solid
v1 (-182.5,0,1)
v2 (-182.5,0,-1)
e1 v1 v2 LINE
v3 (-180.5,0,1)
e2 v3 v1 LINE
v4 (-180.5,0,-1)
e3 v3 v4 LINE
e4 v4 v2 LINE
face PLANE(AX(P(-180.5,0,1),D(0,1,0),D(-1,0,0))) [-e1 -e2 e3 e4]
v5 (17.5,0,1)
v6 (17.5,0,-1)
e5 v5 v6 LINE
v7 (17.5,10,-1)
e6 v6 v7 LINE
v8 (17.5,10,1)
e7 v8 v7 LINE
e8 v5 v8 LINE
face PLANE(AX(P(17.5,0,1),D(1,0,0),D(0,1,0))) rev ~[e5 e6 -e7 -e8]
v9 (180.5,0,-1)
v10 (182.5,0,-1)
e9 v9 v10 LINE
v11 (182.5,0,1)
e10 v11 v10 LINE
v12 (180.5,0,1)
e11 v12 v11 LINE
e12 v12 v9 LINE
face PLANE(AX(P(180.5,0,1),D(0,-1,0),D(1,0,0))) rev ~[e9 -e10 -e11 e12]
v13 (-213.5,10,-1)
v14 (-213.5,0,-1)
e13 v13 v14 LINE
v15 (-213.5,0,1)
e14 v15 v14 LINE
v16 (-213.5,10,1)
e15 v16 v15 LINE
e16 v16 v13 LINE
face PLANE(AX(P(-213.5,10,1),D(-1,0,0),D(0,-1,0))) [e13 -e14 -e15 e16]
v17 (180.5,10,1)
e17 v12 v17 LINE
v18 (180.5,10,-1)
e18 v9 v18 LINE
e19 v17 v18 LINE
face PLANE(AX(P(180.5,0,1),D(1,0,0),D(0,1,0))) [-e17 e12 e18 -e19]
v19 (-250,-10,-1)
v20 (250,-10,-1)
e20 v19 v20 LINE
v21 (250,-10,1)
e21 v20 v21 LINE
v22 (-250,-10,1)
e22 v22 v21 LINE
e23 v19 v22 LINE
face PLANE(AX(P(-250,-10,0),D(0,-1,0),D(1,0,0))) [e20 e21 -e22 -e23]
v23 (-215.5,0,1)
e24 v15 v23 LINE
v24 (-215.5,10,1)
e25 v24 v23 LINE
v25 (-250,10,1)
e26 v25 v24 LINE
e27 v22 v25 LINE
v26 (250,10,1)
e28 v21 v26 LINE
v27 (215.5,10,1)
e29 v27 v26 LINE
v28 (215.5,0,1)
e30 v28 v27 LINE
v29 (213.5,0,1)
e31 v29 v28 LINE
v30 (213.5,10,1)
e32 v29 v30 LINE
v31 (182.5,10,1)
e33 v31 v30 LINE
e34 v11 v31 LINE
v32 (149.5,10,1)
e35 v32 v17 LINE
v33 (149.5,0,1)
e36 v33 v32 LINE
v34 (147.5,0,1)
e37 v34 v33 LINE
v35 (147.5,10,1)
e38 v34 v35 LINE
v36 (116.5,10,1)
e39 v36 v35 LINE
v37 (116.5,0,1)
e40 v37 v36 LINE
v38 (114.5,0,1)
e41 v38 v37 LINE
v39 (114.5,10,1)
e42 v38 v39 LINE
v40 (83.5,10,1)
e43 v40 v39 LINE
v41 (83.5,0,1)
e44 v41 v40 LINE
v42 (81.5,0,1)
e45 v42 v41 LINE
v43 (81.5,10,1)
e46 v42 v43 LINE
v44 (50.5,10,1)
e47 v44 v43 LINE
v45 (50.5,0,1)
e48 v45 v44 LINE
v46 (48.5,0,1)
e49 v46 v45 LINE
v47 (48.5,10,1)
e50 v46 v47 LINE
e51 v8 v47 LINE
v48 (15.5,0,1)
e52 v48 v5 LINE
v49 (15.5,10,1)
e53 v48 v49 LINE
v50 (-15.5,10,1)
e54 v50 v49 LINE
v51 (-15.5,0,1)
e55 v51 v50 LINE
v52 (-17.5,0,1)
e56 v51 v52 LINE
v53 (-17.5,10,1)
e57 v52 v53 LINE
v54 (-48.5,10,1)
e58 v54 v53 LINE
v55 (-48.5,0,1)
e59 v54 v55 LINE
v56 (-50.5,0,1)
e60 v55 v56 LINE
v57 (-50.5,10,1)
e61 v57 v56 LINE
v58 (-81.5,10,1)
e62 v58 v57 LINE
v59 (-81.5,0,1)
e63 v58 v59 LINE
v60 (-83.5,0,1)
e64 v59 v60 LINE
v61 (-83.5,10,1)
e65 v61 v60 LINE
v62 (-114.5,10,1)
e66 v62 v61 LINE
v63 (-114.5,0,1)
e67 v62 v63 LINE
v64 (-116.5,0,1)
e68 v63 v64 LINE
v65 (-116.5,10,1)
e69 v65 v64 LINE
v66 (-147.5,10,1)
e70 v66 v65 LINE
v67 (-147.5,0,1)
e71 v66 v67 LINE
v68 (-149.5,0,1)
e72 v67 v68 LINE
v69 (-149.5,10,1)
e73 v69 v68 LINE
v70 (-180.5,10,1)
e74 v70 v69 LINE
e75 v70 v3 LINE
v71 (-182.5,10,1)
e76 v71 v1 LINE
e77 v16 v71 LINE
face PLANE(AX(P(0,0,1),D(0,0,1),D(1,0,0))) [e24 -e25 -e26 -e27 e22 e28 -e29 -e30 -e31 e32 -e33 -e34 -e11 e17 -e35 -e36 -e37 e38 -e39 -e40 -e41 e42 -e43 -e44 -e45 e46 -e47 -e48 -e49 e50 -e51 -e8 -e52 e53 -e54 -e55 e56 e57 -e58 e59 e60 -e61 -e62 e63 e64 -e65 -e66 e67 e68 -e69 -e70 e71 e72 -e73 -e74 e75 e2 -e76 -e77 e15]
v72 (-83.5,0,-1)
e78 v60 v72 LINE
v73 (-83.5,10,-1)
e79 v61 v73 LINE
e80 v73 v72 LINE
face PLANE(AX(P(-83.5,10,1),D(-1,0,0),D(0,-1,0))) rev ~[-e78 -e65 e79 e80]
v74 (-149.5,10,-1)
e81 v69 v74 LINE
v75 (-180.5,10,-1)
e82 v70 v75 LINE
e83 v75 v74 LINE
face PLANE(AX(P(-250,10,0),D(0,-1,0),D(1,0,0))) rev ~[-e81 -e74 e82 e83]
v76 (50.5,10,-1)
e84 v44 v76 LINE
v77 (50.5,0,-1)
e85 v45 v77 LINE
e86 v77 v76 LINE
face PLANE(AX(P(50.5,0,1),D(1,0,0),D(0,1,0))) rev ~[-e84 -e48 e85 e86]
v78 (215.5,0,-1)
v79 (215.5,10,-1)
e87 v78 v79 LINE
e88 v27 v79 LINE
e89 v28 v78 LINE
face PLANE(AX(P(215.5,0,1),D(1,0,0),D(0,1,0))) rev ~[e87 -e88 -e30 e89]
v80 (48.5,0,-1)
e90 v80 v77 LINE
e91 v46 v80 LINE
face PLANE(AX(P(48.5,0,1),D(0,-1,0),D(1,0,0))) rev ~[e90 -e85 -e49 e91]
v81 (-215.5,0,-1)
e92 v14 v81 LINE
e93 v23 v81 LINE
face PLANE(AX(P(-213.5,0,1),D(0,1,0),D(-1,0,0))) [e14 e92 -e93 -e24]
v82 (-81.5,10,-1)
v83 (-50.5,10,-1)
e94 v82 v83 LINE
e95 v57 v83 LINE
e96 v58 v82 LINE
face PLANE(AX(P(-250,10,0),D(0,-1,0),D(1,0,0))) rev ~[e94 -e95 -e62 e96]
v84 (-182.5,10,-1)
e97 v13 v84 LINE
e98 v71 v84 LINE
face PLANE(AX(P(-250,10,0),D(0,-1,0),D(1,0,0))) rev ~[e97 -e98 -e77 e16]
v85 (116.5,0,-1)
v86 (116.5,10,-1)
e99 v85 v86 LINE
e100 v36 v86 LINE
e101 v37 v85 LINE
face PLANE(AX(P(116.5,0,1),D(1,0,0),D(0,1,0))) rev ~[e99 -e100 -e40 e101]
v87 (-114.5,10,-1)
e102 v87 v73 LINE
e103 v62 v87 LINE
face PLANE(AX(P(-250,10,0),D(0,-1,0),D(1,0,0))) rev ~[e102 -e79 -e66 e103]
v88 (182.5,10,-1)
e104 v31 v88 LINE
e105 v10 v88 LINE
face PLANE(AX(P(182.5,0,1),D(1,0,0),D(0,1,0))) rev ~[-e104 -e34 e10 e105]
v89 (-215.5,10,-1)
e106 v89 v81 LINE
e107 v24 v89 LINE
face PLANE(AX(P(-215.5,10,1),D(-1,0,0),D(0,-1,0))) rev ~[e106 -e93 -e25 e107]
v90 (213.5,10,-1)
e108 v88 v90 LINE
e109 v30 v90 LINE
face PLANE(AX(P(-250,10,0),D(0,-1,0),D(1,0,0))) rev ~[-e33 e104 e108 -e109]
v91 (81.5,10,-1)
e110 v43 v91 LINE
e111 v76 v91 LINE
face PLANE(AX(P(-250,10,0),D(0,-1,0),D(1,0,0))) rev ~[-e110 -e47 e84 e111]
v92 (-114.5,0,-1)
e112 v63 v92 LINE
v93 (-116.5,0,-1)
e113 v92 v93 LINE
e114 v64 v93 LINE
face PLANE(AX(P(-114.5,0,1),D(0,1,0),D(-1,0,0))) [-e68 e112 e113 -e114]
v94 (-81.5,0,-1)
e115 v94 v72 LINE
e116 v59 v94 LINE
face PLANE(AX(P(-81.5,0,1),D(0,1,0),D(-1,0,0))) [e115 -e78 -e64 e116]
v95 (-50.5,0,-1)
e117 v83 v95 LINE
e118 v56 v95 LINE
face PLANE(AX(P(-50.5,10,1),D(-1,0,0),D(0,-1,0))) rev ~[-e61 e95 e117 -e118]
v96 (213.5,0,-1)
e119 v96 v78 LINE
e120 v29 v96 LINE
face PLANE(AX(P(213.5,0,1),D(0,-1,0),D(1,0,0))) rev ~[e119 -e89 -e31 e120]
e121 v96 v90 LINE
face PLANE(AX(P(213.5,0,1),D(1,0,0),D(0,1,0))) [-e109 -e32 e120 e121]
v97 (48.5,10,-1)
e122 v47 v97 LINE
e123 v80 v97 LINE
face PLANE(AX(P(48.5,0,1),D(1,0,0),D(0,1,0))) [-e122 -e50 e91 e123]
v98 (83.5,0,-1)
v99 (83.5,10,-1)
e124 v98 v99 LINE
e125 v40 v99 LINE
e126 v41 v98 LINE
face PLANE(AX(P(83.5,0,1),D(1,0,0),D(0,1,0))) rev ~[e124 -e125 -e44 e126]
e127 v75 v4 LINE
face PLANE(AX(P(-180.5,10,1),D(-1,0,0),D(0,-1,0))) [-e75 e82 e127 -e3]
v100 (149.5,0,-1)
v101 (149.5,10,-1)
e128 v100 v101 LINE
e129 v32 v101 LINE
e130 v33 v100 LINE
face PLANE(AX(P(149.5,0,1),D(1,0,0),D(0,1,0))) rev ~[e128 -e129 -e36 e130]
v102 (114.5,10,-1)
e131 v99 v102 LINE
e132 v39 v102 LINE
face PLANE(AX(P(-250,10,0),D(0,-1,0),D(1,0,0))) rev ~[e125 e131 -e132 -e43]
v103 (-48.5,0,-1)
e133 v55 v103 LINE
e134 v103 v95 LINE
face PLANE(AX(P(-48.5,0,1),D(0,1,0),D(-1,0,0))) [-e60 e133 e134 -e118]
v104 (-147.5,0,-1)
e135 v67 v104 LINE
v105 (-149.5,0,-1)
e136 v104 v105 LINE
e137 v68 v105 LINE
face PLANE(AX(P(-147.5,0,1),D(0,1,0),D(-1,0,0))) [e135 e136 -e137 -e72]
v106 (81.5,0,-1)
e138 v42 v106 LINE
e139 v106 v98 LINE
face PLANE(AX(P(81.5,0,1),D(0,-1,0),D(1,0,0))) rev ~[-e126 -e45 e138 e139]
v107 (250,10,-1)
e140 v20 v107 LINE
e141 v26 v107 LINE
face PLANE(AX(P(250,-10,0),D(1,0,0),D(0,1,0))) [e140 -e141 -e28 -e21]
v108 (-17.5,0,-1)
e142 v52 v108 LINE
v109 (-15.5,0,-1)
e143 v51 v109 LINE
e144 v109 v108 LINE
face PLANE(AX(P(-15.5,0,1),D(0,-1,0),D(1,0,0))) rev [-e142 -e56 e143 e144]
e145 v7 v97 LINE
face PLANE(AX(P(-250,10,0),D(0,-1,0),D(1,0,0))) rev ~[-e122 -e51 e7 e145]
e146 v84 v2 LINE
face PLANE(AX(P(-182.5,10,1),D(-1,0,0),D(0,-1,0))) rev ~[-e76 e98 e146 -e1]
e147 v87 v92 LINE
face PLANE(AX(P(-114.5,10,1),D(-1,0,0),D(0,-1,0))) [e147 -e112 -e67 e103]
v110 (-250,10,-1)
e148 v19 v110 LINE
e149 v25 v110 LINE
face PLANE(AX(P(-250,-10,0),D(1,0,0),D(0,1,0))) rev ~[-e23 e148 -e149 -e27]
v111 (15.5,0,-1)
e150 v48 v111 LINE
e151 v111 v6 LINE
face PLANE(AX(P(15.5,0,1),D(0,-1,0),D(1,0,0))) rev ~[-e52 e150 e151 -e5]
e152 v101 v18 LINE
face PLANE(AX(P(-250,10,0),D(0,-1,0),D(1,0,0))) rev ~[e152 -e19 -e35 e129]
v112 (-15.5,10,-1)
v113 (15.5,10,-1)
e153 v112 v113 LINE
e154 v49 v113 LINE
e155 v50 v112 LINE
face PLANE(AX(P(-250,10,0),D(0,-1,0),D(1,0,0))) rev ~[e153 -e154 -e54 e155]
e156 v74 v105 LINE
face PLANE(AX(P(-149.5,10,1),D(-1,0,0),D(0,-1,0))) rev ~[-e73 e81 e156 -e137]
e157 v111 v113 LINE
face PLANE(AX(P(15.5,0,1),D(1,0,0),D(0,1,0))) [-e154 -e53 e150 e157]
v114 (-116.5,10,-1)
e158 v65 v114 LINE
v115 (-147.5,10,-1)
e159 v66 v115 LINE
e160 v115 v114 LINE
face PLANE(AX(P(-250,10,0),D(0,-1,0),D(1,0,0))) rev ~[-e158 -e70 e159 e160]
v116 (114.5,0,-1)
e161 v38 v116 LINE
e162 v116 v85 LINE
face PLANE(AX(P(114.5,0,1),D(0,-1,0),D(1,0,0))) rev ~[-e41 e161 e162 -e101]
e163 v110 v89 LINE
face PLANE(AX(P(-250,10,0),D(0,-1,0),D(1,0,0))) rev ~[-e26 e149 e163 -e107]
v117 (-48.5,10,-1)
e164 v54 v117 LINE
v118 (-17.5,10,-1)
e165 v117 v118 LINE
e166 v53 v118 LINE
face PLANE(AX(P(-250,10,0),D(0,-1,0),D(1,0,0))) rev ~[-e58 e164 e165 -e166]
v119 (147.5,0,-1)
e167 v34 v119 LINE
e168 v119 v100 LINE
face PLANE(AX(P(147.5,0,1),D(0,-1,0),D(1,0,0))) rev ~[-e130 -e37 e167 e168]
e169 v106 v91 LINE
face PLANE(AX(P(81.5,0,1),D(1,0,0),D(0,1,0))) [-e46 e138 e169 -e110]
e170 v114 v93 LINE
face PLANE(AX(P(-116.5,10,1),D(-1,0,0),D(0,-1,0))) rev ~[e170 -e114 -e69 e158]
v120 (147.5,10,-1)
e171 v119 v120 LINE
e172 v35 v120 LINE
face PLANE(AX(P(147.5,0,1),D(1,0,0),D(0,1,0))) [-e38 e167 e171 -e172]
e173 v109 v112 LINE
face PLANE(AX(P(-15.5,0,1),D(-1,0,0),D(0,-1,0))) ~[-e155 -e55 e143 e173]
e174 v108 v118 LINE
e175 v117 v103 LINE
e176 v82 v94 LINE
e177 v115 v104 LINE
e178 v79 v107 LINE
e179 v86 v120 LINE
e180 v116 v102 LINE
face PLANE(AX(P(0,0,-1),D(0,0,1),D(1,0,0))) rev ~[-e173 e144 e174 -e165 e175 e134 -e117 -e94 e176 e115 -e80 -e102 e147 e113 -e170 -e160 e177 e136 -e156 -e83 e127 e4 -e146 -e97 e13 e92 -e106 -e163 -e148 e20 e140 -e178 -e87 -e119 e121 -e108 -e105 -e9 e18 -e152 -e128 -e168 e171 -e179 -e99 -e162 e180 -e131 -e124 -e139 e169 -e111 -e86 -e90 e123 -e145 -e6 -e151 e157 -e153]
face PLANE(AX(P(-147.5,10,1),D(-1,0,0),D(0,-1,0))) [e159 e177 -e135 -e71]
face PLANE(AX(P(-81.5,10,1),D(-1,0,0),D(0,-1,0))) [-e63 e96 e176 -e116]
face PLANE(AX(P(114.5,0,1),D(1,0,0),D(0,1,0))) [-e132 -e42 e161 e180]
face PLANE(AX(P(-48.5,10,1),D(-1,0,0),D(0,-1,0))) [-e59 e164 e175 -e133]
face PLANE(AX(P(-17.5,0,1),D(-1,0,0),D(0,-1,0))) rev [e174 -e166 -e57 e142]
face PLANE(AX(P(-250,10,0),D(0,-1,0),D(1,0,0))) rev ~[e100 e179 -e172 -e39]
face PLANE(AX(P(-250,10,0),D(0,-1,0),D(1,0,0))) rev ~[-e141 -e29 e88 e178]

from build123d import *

# Parameters (mm, degrees)
ESQUISSE1_W                = 500
ESQUISSE1_H                = 20
BOSS_EXTRU_1_DEPTH         = 1
ESQUISSE2_W                = 2
ESQUISSE2_H                = 10
ENL_V_MAT_EXTRU_1_DEPTH    = 3
R_P_TITION_LIN_AIRE1_COUNT = 7
R_P_TITION_LIN_AIRE1_PITCH = 33
SYM_TRIE1_COPY_1_SKETCH_W  = 2
SYM_TRIE1_COPY_1_SKETCH_H  = 10
SYM_TRIE1_COPY_1_DEPTH     = 3
SYM_TRIE1_COPY_2_SKETCH_W  = 2
SYM_TRIE1_COPY_2_SKETCH_H  = 10
SYM_TRIE1_COPY_2_DEPTH     = 3
SYM_TRIE1_COPY_3_SKETCH_W  = 2
SYM_TRIE1_COPY_3_SKETCH_H  = 10
SYM_TRIE1_COPY_3_DEPTH     = 3
SYM_TRIE1_COPY_4_SKETCH_W  = 2
SYM_TRIE1_COPY_4_SKETCH_H  = 10
SYM_TRIE1_COPY_4_DEPTH     = 3
SYM_TRIE1_COPY_5_SKETCH_W  = 2
SYM_TRIE1_COPY_5_SKETCH_H  = 10
SYM_TRIE1_COPY_5_DEPTH     = 3
SYM_TRIE1_COPY_6_SKETCH_W  = 2
SYM_TRIE1_COPY_6_SKETCH_H  = 10
SYM_TRIE1_COPY_6_DEPTH     = 3


with BuildPart() as part:
    # Esquisse1 → Boss.-Extru.1 (new body, symmetric)
    with BuildSketch(Plane.XY):
        Rectangle(ESQUISSE1_W, ESQUISSE1_H)
    extrude(amount=BOSS_EXTRU_1_DEPTH, both=True)

    # Esquisse2 → Enlèv. mat.-Extru.1 (cut, through all)
    with BuildSketch(Plane.XY.offset(1)):
        with Locations((16.5, 5)):
            Rectangle(ESQUISSE2_W, ESQUISSE2_H)
    enl_v_mat_extru_1 = extrude(amount=-ENL_V_MAT_EXTRU_1_DEPTH, mode=Mode.SUBTRACT)

    # Répétition linéaire1: Enlèv. mat.-Extru.1 ×7
    with Locations(*[(i * R_P_TITION_LIN_AIRE1_PITCH, 0, 0) for i in range(1, R_P_TITION_LIN_AIRE1_COUNT)]):
        add(enl_v_mat_extru_1, mode=Mode.SUBTRACT)

    # Symétrie1: Enlèv. mat.-Extru.1 across plane
    add(enl_v_mat_extru_1.mirror(Plane(origin=(0, 0, 0), x_dir=(0, 0, 1), z_dir=(1, 0, 0))), mode=Mode.SUBTRACT)

    # Symétrie1 copy 1 sketch → Symétrie1 copy 1 (cut, through all)
    with BuildSketch(Plane(origin=(-33, 0, 1), x_dir=(-1, 0, 0), z_dir=(0, 0, 1))):
        with Locations((16.5, -5)):
            Rectangle(SYM_TRIE1_COPY_1_SKETCH_W, SYM_TRIE1_COPY_1_SKETCH_H)
    extrude(amount=-SYM_TRIE1_COPY_1_DEPTH, mode=Mode.SUBTRACT)

    # Symétrie1 copy 2 sketch → Symétrie1 copy 2 (cut, through all)
    with BuildSketch(Plane(origin=(-66, 0, 1), x_dir=(-1, 0, 0), z_dir=(0, 0, 1))):
        with Locations((16.5, -5)):
            Rectangle(SYM_TRIE1_COPY_2_SKETCH_W, SYM_TRIE1_COPY_2_SKETCH_H)
    extrude(amount=-SYM_TRIE1_COPY_2_DEPTH, mode=Mode.SUBTRACT)

    # Symétrie1 copy 3 sketch → Symétrie1 copy 3 (cut, through all)
    with BuildSketch(Plane(origin=(-99, 0, 1), x_dir=(-1, 0, 0), z_dir=(0, 0, 1))):
        with Locations((16.5, -5)):
            Rectangle(SYM_TRIE1_COPY_3_SKETCH_W, SYM_TRIE1_COPY_3_SKETCH_H)
    extrude(amount=-SYM_TRIE1_COPY_3_DEPTH, mode=Mode.SUBTRACT)

    # Symétrie1 copy 4 sketch → Symétrie1 copy 4 (cut, through all)
    with BuildSketch(Plane(origin=(-132, 0, 1), x_dir=(-1, 0, 0), z_dir=(0, 0, 1))):
        with Locations((16.5, -5)):
            Rectangle(SYM_TRIE1_COPY_4_SKETCH_W, SYM_TRIE1_COPY_4_SKETCH_H)
    extrude(amount=-SYM_TRIE1_COPY_4_DEPTH, mode=Mode.SUBTRACT)

    # Symétrie1 copy 5 sketch → Symétrie1 copy 5 (cut, through all)
    with BuildSketch(Plane(origin=(-165, 0, 1), x_dir=(-1, 0, 0), z_dir=(0, 0, 1))):
        with Locations((16.5, -5)):
            Rectangle(SYM_TRIE1_COPY_5_SKETCH_W, SYM_TRIE1_COPY_5_SKETCH_H)
    extrude(amount=-SYM_TRIE1_COPY_5_DEPTH, mode=Mode.SUBTRACT)

    # Symétrie1 copy 6 sketch → Symétrie1 copy 6 (cut, through all)
    with BuildSketch(Plane(origin=(-198, 0, 1), x_dir=(-1, 0, 0), z_dir=(0, 0, 1))):
        with Locations((16.5, -5)):
            Rectangle(SYM_TRIE1_COPY_6_SKETCH_W, SYM_TRIE1_COPY_6_SKETCH_H)
    extrude(amount=-SYM_TRIE1_COPY_6_DEPTH, mode=Mode.SUBTRACT)


solid = part.part
